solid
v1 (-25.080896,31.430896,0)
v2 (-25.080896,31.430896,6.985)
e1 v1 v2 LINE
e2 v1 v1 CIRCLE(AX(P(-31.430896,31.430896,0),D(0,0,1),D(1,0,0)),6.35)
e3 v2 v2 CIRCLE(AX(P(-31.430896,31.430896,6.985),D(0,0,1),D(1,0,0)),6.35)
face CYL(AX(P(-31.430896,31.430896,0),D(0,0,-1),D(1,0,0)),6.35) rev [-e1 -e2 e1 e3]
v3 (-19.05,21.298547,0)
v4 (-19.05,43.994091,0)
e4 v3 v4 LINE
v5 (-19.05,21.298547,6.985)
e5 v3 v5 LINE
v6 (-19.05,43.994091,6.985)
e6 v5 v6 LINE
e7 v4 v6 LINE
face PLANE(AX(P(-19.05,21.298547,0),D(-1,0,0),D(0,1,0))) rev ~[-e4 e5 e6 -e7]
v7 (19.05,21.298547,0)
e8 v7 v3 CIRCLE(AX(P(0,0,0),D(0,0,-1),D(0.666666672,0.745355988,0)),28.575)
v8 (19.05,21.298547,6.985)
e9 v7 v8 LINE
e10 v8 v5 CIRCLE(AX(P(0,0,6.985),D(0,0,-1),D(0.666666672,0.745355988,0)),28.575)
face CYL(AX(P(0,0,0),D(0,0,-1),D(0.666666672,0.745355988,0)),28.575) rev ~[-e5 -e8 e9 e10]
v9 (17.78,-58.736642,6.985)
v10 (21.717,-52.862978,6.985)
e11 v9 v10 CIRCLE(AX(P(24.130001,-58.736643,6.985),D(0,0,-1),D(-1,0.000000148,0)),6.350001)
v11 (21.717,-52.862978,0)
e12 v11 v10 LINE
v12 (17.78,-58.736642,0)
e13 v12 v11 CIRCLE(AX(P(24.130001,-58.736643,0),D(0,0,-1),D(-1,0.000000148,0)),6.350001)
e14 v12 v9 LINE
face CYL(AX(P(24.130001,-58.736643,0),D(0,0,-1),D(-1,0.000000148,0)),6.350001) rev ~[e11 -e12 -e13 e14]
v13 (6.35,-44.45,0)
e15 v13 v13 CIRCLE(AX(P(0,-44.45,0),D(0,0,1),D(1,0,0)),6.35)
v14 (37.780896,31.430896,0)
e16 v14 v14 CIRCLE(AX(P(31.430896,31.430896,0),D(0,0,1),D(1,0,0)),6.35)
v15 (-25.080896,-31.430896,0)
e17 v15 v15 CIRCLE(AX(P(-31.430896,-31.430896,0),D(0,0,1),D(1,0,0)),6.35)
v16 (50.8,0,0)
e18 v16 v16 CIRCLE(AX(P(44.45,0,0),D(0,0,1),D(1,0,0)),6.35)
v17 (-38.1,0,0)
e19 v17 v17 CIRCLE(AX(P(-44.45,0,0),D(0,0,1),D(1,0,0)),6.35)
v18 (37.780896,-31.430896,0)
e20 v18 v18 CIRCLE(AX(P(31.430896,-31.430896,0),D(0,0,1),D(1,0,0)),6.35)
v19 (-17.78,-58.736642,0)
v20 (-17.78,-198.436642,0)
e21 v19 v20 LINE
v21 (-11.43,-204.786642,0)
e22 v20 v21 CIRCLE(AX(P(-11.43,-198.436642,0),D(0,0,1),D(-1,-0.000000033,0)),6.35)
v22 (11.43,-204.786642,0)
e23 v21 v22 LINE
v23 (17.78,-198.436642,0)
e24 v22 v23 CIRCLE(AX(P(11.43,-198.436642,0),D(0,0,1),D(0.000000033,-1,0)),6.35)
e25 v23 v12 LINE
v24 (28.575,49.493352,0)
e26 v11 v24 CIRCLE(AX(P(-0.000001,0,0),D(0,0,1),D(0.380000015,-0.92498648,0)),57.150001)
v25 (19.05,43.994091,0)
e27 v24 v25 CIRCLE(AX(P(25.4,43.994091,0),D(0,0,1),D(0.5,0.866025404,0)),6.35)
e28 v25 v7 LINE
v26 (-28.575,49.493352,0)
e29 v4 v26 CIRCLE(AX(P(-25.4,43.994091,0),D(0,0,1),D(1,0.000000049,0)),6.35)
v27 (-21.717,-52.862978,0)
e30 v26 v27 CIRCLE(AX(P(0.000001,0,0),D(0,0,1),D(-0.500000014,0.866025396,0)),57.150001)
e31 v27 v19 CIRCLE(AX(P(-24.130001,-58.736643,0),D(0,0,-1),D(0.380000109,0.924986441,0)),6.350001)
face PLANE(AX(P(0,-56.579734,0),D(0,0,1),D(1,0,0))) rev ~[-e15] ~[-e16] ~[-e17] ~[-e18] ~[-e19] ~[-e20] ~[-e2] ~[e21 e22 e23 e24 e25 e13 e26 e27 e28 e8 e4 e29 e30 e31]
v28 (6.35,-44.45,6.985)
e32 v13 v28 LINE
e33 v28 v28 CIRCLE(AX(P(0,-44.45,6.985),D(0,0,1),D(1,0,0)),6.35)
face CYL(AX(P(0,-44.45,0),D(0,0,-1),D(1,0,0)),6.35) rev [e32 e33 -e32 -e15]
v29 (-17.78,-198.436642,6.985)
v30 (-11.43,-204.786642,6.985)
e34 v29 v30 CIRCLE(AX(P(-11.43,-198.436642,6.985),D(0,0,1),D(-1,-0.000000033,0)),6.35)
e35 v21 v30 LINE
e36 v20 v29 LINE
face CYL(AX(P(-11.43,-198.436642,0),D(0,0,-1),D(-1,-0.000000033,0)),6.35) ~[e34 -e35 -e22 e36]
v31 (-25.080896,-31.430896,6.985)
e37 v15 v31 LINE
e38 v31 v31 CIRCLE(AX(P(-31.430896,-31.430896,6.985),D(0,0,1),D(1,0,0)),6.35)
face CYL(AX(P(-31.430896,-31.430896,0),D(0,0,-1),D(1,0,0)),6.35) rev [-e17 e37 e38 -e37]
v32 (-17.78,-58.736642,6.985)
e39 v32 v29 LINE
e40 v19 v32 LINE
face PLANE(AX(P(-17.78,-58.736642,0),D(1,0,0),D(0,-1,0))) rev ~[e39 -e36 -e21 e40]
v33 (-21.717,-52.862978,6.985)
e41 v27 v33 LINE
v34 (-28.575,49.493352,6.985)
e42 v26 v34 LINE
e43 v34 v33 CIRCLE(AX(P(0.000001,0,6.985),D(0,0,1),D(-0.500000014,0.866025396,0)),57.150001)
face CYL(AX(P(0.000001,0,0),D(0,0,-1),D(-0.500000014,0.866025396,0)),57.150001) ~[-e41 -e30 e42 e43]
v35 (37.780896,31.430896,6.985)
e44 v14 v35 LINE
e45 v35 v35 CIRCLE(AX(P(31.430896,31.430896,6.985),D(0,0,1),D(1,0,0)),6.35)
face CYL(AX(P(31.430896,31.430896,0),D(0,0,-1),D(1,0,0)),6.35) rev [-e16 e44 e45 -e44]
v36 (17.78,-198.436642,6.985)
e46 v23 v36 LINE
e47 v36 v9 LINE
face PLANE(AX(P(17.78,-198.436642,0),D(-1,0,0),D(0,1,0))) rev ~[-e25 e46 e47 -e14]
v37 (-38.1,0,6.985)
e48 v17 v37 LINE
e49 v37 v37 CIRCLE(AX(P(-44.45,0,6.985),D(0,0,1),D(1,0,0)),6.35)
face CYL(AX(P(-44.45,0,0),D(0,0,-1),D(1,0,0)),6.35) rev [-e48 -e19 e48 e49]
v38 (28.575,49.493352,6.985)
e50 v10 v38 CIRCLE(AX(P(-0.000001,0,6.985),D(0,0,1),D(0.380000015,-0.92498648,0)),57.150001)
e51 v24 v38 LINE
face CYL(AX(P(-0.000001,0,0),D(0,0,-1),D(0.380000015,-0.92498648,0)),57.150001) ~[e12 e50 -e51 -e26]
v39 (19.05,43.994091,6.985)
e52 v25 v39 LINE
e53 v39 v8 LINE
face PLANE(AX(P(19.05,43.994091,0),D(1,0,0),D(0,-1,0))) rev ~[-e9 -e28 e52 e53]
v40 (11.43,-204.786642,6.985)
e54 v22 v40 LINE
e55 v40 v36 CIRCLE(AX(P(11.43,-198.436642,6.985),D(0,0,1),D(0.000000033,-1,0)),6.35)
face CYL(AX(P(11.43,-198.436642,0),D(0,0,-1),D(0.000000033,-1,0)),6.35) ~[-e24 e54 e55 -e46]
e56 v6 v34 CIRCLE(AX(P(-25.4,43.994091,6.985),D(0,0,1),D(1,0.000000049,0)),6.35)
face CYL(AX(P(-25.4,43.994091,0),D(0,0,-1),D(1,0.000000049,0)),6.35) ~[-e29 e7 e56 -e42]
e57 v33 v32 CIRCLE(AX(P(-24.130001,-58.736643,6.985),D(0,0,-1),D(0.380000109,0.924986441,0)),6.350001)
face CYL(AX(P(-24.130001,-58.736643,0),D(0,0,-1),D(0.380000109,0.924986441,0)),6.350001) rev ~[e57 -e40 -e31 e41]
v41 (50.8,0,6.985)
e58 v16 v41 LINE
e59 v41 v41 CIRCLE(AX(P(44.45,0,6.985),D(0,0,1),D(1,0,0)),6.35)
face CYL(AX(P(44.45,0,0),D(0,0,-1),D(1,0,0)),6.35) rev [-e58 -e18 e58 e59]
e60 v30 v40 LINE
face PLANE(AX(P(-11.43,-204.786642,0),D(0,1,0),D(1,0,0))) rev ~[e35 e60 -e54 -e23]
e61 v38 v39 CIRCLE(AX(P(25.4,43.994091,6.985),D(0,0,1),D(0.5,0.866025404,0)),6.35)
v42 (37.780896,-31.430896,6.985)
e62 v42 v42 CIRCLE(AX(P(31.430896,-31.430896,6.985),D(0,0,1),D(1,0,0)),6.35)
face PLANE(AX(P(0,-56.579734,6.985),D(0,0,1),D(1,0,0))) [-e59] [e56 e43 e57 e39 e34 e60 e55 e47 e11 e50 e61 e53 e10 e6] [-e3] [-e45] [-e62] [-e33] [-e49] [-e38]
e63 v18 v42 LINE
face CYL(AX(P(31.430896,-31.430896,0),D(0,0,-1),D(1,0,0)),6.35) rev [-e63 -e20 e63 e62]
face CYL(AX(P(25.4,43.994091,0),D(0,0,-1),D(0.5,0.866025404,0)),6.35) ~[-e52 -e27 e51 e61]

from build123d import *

# Parameters (mm, degrees)
F0_R     = 6.35
F1_DEPTH = 6.985


with BuildPart() as f1:
    # F0 (on Top) → F1 (new body)
    with BuildSketch(Plane.XY):
        with BuildLine():
            ThreePointArc((-19.05, 43.994091), (-22.225, 49.493352), (-28.575, 49.493352))
            ThreePointArc((-28.575, 49.493352), (-57.022152, -3.820554), (-21.717, -52.862978))
            ThreePointArc((-21.717, -52.862978), (-18.855294, -55.201112), (-17.78, -58.736642))
            Line((-17.78, -58.736642), (-17.78, -198.436642))
            ThreePointArc((-17.78, -198.436642), (-15.920128, -202.92677), (-11.43, -204.786642))
            Line((-11.43, -204.786642), (11.43, -204.786642))
            ThreePointArc((11.43, -204.786642), (15.920128, -202.92677), (17.78, -198.436642))
            Line((17.78, -198.436642), (17.78, -58.736642))
            ThreePointArc((17.78, -58.736642), (18.855294, -55.201112), (21.717, -52.862978))
            ThreePointArc((21.717, -52.862978), (57.022152, -3.820554), (28.575, 49.493352))
            ThreePointArc((28.575, 49.493352), (22.225, 49.493352), (19.05, 43.994091))
            Line((19.05, 43.994091), (19.05, 21.298547))
            ThreePointArc((19.05, 21.298547), (0, -28.575), (-19.05, 21.298547))
            Line((-19.05, 21.298547), (-19.05, 43.994091))
        make_face()
        with Locations((-31.430896, -31.430896)):
            Circle(F0_R, mode=Mode.SUBTRACT)
        with Locations((0, -44.45)):
            Circle(F0_R, mode=Mode.SUBTRACT)
        with Locations((-44.45, 0)):
            Circle(F0_R, mode=Mode.SUBTRACT)
        with Locations((-31.430896, 31.430896)):
            Circle(F0_R, mode=Mode.SUBTRACT)
        with Locations((31.430896, -31.430896)):
            Circle(F0_R, mode=Mode.SUBTRACT)
        with Locations((44.45, 0)):
            Circle(F0_R, mode=Mode.SUBTRACT)
        with Locations((31.430896, 31.430896)):
            Circle(F0_R, mode=Mode.SUBTRACT)
    extrude(amount=F1_DEPTH)


solid = f1.part
